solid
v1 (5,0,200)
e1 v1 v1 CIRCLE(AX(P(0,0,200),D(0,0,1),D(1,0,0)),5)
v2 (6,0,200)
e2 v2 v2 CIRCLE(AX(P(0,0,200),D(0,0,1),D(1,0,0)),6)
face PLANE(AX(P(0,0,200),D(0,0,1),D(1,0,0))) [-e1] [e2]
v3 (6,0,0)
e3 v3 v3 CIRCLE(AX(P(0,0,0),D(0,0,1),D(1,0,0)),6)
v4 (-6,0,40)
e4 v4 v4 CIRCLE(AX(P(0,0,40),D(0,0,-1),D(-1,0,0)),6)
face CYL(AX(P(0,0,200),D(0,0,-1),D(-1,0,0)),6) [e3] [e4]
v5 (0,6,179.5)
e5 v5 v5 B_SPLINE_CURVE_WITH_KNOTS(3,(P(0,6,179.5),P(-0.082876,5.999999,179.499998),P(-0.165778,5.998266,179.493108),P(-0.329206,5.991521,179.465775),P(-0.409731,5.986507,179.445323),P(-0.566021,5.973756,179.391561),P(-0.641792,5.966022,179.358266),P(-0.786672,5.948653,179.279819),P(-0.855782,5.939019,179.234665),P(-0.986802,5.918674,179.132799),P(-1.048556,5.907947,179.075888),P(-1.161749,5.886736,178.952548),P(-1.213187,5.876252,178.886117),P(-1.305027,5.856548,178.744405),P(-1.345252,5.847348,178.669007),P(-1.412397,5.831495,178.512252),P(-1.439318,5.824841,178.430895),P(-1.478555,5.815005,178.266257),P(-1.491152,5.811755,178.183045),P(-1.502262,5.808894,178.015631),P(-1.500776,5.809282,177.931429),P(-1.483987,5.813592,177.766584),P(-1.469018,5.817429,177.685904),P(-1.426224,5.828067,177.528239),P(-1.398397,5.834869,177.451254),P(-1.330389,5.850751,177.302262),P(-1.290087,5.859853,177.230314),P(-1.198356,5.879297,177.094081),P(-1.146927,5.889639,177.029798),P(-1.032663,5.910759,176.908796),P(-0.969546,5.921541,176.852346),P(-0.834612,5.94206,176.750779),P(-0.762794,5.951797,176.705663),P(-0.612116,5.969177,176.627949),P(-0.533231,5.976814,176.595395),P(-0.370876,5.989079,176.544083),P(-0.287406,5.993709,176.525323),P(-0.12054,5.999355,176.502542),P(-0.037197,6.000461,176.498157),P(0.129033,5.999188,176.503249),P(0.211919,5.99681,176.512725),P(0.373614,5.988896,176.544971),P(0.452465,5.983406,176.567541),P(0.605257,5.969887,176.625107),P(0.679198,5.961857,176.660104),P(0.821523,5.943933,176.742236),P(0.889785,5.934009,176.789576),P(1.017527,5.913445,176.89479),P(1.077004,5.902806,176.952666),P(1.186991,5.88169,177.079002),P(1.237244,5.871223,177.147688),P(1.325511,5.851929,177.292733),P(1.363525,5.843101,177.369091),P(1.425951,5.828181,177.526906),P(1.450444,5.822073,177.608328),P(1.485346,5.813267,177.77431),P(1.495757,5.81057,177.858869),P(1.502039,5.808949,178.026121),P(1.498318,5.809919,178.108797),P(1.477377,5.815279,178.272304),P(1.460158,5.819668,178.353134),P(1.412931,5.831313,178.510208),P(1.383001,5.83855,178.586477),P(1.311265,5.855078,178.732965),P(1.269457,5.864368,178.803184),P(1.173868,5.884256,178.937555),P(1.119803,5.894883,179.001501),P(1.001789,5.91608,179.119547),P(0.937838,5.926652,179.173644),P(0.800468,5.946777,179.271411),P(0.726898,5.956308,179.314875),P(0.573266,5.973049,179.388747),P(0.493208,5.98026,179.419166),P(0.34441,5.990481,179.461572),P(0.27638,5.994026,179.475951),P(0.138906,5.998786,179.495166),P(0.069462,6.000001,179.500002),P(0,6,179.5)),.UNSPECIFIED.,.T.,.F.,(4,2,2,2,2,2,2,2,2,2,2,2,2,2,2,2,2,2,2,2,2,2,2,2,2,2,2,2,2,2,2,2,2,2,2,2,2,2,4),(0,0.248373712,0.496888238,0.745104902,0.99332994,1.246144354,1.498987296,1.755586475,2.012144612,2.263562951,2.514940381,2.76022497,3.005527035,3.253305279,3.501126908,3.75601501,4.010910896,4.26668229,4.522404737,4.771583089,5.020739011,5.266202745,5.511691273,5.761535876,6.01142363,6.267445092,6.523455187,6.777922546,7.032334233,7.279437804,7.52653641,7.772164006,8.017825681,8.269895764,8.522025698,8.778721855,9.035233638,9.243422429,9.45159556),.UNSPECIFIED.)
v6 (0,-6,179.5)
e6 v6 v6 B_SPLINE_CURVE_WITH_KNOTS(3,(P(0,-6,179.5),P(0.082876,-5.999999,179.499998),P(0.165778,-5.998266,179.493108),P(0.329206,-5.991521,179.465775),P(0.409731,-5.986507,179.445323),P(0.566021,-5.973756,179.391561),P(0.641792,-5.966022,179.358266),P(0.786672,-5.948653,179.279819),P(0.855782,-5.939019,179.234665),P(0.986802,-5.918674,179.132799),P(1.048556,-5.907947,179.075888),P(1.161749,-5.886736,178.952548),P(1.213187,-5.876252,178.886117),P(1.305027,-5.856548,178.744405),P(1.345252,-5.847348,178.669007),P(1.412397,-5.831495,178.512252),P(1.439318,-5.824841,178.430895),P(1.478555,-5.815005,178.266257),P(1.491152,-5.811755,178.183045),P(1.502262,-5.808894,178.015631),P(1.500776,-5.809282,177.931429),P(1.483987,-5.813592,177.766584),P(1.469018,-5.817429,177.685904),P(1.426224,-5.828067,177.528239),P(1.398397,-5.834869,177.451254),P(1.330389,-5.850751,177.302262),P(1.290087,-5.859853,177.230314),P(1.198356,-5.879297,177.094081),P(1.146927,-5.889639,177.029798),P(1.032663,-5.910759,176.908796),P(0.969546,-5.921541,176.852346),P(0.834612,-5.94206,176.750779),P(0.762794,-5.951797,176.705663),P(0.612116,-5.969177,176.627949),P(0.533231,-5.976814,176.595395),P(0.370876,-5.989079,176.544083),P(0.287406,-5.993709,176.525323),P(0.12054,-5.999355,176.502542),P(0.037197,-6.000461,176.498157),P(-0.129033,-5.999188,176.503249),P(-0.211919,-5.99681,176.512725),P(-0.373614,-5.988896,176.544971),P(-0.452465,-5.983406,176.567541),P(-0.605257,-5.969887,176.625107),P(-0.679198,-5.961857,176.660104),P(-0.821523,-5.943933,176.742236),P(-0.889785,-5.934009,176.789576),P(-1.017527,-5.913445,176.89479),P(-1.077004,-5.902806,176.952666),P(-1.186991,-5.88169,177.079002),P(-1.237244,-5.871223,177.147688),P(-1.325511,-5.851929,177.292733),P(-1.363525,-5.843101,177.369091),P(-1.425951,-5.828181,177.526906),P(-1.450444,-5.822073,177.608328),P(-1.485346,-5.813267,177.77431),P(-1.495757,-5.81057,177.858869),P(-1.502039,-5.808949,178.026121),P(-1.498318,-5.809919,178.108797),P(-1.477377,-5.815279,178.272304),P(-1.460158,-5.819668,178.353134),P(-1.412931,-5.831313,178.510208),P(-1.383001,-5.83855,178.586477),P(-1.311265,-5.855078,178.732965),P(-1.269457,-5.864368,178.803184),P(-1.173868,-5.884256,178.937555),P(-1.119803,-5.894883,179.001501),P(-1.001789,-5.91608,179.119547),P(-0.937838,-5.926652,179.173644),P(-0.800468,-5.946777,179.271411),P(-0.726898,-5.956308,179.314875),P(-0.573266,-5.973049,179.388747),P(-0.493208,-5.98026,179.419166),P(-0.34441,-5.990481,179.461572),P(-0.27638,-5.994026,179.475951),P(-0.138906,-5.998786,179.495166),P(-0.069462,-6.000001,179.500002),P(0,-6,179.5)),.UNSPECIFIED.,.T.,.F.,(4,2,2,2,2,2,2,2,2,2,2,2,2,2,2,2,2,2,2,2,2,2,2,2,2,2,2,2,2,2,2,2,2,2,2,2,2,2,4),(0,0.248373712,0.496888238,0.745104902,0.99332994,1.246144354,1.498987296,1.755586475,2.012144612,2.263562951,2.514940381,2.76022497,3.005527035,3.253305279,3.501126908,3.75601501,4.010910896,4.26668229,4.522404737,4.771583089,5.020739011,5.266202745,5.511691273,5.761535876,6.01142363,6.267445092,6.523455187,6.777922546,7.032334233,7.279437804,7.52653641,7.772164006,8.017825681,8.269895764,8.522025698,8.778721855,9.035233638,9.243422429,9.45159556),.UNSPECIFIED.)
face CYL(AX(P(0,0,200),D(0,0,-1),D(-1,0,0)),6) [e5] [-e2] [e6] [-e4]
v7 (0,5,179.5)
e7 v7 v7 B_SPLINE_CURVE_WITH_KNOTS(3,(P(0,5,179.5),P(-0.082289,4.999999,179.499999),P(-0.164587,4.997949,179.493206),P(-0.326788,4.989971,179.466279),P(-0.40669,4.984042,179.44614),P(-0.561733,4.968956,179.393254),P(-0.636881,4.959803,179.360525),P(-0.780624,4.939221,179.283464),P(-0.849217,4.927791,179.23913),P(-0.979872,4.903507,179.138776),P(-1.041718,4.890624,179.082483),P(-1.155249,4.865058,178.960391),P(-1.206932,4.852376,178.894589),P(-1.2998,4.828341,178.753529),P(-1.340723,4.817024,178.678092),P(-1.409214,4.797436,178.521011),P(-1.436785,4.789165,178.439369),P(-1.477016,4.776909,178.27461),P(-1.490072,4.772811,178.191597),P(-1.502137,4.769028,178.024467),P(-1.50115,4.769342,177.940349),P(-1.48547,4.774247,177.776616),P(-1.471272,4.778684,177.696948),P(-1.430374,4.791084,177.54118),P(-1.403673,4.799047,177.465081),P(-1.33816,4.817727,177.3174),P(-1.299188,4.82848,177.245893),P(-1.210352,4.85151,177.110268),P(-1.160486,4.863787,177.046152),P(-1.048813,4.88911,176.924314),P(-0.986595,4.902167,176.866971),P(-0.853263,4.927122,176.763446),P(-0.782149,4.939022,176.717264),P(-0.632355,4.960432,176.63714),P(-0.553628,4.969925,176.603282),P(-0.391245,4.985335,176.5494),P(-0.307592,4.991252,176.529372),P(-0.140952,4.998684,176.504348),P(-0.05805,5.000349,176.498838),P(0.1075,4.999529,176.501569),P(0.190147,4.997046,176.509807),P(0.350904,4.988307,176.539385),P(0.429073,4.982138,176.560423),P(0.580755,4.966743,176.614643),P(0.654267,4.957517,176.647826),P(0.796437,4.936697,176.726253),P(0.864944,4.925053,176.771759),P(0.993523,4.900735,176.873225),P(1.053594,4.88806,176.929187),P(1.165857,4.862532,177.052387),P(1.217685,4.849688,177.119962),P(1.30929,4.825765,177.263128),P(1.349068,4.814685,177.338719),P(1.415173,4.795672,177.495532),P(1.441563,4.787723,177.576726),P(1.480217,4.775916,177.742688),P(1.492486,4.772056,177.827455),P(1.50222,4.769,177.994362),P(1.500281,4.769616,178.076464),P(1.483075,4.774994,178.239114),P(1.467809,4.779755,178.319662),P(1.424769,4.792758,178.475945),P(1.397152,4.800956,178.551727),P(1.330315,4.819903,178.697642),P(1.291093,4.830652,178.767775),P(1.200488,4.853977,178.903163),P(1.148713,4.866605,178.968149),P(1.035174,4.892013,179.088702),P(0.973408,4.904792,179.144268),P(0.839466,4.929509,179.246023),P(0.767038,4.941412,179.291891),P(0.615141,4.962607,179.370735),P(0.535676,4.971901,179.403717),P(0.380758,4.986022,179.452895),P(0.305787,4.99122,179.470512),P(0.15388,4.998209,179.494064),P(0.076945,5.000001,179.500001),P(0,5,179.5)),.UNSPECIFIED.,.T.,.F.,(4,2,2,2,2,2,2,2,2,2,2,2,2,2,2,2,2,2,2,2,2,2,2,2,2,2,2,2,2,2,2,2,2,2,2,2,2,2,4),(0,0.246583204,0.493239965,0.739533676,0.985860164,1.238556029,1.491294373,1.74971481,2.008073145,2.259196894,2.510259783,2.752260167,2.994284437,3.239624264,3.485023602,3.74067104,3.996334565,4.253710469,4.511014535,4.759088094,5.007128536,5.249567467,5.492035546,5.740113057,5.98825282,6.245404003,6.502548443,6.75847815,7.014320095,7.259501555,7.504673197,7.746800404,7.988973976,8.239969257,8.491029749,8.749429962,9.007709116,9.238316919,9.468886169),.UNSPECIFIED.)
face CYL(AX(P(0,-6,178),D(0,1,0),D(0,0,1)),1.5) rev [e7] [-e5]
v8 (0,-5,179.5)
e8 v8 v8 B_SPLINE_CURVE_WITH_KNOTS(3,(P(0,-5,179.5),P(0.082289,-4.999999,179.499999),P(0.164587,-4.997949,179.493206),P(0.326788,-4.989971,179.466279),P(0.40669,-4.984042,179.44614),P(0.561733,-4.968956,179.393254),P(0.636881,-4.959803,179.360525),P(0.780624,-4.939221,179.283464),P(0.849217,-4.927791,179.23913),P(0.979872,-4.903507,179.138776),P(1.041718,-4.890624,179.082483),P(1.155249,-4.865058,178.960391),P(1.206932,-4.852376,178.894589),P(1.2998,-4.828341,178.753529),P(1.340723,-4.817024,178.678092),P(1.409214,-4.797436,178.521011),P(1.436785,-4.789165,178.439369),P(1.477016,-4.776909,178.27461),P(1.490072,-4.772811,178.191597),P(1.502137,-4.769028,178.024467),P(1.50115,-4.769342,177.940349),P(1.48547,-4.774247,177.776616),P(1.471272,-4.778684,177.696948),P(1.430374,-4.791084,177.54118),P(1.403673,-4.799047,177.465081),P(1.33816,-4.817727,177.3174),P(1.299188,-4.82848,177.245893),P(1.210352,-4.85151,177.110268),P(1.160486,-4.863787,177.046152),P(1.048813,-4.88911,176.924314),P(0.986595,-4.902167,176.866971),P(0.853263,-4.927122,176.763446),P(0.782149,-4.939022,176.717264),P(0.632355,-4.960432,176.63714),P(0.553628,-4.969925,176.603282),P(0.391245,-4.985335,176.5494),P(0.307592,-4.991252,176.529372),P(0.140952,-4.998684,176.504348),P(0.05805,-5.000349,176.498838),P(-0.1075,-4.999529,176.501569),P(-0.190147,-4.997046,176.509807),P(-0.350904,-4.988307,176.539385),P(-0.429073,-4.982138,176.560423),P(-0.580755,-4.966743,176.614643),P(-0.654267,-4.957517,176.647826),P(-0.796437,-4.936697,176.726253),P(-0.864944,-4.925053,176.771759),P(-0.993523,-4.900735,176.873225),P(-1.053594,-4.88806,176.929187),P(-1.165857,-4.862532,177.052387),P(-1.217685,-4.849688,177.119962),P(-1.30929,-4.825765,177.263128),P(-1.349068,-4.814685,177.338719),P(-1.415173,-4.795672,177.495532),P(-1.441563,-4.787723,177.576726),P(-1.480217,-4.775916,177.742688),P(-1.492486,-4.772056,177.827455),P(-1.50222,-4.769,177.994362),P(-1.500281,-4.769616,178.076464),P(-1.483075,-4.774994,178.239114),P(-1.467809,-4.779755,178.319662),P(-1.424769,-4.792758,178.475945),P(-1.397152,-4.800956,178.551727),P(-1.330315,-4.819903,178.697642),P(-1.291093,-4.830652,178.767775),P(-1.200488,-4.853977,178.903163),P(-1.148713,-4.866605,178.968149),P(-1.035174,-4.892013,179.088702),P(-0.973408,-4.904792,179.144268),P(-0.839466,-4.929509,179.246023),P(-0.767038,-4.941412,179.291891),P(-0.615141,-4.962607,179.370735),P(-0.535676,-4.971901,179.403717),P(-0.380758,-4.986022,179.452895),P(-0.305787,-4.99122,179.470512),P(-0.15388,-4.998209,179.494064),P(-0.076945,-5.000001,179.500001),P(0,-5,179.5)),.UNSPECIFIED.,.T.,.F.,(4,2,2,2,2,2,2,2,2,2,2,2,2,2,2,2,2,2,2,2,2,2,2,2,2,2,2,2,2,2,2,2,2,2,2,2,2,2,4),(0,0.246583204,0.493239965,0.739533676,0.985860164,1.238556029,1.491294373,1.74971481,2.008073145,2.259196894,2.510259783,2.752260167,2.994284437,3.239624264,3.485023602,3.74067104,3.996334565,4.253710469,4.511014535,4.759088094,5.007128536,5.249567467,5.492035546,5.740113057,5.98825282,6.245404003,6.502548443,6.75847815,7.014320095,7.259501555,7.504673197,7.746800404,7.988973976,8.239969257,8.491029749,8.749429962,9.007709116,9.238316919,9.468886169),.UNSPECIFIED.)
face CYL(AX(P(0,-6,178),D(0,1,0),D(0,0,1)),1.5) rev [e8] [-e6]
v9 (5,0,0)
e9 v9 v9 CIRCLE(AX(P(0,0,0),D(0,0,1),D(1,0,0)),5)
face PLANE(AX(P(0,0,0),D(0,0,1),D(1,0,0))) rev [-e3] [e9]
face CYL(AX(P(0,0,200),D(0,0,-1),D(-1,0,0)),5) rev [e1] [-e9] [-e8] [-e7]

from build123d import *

# Parameters (mm, degrees)
SKETCH1_R               = 6
SKETCH1_R_2             = 5
BOSS_EXTRUDE1_DEPTH     = 200
SKETCH3_R               = 1.5
CUT_EXTRUDE1_DEPTH      = 7
CUT_EXTRUDE1_DEPTH_BACK = 7


with BuildPart() as part:
    # Sketch1 → Boss-Extrude1 (new body)
    with BuildSketch(Plane.XY):
        Circle(SKETCH1_R)
        Circle(SKETCH1_R_2, mode=Mode.SUBTRACT)
    extrude(amount=BOSS_EXTRUDE1_DEPTH)

    # Sketch3 → Cut-Extrude1 (cut, two sides)
    with BuildSketch(Plane(origin=(0, 0, 0), x_dir=(1, 0, 0), z_dir=(0, 1, 0))) as cut_extrude1_sk:
        with Locations((0, -178)):
            Circle(SKETCH3_R)
    extrude(amount=CUT_EXTRUDE1_DEPTH, mode=Mode.SUBTRACT)
    extrude(cut_extrude1_sk.sketch, amount=-CUT_EXTRUDE1_DEPTH_BACK, mode=Mode.SUBTRACT)


solid = part.part
